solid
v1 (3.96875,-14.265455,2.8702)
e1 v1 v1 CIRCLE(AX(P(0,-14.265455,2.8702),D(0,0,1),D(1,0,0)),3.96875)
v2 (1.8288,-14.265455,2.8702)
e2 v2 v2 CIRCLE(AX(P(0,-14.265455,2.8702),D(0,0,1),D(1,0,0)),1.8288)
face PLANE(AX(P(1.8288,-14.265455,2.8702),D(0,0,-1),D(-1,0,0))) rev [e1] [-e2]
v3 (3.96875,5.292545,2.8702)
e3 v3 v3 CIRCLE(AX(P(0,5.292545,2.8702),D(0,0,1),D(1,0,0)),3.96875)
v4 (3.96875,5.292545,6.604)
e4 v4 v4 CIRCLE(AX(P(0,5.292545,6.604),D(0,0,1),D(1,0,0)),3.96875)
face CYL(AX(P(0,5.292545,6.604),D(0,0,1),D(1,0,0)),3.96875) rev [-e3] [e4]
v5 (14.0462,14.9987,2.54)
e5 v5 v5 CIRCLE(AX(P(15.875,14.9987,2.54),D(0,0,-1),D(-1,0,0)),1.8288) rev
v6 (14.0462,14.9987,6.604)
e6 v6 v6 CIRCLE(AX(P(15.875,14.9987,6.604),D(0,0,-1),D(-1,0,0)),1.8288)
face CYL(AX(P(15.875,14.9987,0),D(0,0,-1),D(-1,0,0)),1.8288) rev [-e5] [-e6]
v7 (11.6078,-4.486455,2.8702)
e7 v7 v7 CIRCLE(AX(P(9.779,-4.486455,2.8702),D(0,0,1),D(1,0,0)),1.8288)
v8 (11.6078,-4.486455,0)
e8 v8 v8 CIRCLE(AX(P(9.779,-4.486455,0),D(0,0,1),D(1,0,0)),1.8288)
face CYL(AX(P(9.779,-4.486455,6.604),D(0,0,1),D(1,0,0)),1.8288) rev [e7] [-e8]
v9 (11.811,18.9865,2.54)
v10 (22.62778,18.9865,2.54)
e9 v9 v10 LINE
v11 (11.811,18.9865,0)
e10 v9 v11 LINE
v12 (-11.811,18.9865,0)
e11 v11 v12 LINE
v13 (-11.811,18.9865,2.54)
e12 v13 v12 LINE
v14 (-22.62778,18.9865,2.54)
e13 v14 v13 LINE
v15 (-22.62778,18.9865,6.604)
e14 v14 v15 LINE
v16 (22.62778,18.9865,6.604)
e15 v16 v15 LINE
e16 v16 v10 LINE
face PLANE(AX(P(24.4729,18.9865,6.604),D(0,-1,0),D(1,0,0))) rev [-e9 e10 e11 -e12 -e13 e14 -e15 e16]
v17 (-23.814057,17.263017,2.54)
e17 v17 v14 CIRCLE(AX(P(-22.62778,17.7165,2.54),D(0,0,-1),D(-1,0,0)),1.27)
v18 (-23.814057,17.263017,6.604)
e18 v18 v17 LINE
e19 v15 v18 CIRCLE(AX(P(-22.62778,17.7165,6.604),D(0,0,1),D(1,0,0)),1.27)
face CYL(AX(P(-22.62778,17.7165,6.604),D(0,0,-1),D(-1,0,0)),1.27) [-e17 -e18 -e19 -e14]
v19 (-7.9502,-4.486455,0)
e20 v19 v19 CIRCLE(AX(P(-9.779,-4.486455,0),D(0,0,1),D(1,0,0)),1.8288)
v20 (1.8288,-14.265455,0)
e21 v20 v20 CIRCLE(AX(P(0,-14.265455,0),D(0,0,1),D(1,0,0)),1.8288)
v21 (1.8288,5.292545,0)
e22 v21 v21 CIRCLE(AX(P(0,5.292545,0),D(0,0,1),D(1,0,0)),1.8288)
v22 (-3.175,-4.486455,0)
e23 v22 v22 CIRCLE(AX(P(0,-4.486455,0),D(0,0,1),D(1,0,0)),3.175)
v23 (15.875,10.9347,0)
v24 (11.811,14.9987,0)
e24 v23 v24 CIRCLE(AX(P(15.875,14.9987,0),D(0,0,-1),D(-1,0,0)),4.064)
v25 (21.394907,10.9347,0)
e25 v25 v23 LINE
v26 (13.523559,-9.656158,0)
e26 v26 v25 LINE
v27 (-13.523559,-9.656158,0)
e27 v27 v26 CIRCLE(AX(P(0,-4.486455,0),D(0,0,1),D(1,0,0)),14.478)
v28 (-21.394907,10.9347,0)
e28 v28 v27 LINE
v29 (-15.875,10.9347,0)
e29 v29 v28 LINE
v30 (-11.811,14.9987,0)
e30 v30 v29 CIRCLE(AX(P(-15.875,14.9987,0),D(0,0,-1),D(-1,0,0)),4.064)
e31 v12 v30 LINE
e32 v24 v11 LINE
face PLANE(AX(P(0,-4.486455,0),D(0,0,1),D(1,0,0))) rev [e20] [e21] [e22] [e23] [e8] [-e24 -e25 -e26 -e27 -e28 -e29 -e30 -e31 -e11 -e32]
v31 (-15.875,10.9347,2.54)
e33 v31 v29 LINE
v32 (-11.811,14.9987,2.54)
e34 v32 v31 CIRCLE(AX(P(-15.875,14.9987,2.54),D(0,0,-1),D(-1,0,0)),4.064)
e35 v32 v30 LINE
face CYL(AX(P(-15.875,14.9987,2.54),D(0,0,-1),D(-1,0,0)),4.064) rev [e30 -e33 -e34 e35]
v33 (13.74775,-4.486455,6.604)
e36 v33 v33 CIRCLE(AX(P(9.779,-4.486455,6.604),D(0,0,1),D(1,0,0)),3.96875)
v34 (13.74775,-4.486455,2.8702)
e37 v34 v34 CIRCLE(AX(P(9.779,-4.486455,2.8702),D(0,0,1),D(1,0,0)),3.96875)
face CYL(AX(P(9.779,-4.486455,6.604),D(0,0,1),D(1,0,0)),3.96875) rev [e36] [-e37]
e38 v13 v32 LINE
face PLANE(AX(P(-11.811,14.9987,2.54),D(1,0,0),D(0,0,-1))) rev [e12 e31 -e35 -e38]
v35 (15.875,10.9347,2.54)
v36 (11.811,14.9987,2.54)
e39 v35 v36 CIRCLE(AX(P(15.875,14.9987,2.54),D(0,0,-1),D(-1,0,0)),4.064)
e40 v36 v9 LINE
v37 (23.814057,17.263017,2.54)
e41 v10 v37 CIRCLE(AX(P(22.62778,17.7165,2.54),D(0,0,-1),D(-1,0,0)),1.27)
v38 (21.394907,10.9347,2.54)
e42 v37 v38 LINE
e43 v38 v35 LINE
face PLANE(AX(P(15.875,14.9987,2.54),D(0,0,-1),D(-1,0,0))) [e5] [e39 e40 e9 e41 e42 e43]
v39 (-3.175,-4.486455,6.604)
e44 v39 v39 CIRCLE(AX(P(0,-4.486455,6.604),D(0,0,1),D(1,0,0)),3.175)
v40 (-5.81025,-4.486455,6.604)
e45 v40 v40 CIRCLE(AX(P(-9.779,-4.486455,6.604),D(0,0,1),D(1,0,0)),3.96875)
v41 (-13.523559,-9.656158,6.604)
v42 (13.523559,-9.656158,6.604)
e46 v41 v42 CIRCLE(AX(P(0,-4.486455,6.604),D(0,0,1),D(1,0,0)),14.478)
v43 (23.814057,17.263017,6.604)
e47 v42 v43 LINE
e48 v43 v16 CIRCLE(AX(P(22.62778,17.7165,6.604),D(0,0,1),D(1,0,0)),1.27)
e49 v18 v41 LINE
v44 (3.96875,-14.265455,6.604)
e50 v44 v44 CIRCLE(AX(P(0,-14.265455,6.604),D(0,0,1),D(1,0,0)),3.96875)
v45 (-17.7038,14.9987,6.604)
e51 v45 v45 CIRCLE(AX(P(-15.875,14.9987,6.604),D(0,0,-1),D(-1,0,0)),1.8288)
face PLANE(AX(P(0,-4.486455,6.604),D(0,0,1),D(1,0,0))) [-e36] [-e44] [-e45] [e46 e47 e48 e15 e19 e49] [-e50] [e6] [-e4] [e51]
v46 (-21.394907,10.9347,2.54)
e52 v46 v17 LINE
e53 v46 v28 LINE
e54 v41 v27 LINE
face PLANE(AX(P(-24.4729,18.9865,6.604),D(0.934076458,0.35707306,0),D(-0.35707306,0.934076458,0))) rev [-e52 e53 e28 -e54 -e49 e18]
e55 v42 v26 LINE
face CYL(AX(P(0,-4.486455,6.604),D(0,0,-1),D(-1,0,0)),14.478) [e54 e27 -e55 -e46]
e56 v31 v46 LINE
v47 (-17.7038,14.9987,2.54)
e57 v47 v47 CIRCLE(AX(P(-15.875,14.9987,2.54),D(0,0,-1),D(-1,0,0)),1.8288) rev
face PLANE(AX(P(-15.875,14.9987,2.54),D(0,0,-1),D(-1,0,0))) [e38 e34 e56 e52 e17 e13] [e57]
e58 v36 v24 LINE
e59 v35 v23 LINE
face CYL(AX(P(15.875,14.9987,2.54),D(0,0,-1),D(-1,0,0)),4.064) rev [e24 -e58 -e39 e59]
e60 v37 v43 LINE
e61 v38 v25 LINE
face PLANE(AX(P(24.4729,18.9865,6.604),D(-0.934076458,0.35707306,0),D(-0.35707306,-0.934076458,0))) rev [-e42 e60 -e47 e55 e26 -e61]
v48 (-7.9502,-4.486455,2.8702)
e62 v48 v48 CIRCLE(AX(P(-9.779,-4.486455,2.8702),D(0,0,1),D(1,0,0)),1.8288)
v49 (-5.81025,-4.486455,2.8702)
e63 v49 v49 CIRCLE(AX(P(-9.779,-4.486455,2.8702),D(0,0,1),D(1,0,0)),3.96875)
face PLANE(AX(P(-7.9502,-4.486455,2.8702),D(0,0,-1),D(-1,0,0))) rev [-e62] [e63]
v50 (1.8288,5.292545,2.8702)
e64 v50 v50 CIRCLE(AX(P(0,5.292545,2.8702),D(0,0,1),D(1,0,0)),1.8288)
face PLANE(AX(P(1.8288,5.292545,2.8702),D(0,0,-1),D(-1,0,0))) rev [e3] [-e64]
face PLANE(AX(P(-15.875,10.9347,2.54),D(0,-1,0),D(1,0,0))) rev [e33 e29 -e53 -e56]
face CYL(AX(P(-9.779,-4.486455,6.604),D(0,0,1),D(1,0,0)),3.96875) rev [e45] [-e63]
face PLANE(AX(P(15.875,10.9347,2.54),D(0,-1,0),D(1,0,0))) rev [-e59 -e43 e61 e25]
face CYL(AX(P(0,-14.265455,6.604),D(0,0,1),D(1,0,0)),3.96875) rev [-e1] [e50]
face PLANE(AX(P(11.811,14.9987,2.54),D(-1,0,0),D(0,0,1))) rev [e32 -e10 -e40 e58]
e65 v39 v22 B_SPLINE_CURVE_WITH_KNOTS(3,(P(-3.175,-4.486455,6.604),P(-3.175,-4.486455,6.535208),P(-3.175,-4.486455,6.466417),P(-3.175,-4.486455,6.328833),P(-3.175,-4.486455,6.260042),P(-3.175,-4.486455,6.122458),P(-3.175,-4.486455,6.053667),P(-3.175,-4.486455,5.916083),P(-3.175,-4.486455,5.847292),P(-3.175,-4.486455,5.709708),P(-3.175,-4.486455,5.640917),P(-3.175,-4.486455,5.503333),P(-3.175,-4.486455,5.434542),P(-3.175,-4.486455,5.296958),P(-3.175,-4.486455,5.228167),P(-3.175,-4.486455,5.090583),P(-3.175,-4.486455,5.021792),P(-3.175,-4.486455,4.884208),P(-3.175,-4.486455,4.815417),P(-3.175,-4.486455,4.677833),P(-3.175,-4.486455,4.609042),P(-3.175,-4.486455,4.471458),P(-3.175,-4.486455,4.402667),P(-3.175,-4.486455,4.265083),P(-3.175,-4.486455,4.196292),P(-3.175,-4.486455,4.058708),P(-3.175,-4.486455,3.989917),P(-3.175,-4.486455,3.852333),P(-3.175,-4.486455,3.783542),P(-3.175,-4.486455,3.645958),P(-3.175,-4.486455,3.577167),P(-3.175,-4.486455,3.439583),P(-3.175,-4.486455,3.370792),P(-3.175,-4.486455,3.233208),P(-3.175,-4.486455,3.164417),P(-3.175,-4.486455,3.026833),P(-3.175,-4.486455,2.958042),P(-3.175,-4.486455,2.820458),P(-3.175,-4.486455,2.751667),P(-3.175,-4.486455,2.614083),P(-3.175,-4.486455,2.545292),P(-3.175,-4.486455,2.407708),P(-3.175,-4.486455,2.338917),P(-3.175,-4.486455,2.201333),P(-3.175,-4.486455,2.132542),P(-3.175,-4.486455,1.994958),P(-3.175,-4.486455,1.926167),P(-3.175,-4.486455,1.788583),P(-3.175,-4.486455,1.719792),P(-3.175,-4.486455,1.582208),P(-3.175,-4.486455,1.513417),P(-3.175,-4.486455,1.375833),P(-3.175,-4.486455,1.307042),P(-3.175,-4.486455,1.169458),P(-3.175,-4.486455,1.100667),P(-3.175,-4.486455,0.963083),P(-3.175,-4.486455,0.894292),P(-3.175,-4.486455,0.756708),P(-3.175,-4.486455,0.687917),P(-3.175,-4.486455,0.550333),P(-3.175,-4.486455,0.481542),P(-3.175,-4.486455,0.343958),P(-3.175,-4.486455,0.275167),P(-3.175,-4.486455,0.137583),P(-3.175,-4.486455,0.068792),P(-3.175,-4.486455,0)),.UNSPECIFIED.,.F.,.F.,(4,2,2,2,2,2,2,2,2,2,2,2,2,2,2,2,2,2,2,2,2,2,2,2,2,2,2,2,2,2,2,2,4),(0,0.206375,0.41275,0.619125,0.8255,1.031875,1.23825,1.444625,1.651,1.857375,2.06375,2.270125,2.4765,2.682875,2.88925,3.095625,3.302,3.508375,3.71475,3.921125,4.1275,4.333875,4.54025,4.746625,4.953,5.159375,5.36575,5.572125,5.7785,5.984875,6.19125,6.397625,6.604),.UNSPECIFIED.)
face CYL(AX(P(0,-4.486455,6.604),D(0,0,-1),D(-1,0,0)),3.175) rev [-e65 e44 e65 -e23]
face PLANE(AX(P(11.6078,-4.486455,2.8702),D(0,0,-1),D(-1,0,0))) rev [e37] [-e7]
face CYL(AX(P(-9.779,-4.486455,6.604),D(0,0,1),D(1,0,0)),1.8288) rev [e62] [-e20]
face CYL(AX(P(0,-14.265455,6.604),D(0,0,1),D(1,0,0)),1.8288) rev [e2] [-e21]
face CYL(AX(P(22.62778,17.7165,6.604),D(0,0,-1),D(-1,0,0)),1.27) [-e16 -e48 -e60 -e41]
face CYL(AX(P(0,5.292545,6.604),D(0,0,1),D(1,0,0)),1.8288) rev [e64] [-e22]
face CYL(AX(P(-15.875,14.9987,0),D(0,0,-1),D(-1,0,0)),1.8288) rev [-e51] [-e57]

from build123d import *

# Parameters (mm, degrees)
SKETCH2_R                                           = 3.175
BOSS_EXTRUDE1_DEPTH                                 = 6.604
CBORE_FOR_6_BINDING_HEAD_MACHINE_SCREW1_D           = 3.6576
CBORE_FOR_6_BINDING_HEAD_MACHINE_SCREW1_CBORE_D     = 7.9375
CBORE_FOR_6_BINDING_HEAD_MACHINE_SCREW1_CBORE_DEPTH = 3.7338
F_6_CLEARANCE_HOLE1_D                               = 3.6576
CUT_EXTRUDE1_DEPTH                                  = 2.54
FILLET1_R                                           = 1.27


with BuildPart() as part:
    # Sketch2 → Boss-Extrude1 (new body)
    with BuildSketch(Plane.XY):
        with BuildLine():
            Line((24.4729, 18.9865), (13.523558965, -9.656158478))
            ThreePointArc((13.523558965, -9.656158478), (0, -18.964454722), (-13.523558965, -9.656158478))
            Line((-13.523558965, -9.656158478), (-24.4729, 18.9865))
            Line((-24.4729, 18.9865), (24.4729, 18.9865))
        make_face()
        with Locations(Location((0, -4.486454722, 0), (0, 0, 180))):
            Circle(SKETCH2_R, mode=Mode.SUBTRACT)
    extrude(amount=BOSS_EXTRUDE1_DEPTH)

    # CBORE for #6 Binding Head Machine Screw1 (through all)
    with Locations(Plane.XY.offset(6.604)):
        with Locations((0, -14.265454722), (0, 5.292545278), (9.779, -4.486454722), (-9.779, -4.486454722)):
            CounterBoreHole(CBORE_FOR_6_BINDING_HEAD_MACHINE_SCREW1_D / 2, CBORE_FOR_6_BINDING_HEAD_MACHINE_SCREW1_CBORE_D / 2, CBORE_FOR_6_BINDING_HEAD_MACHINE_SCREW1_CBORE_DEPTH)

    # #6 Clearance Hole1 (through all)
    with Locations(Plane(origin=(0, 0, 0), x_dir=(-1, 0, 0), z_dir=(0, 0, -1))):
        with Locations((15.875, 14.9987), (-15.875, 14.9987)):
            Hole(F_6_CLEARANCE_HOLE1_D / 2)

    # Sketch9 → Cut-Extrude1 (cut)
    with BuildSketch(Plane(origin=(0, 0, 0), x_dir=(-1, 0, 0), z_dir=(0, 0, -1))):
        with BuildLine():
            Line((-11.811, 14.9987), (-11.811, 18.9865))
            Line((-11.811, 18.9865), (-24.4729, 18.9865))
            Line((-24.4729, 18.9865), (-21.394906935, 10.9347))
            Line((-21.394906935, 10.9347), (-15.875, 10.9347))
            ThreePointArc((-15.875, 10.9347), (-13.001318041, 12.125018041), (-11.811, 14.9987))
        make_face()
        with BuildLine():
            Line((11.811, 14.9987), (11.811, 18.9865))
            Line((11.811, 18.9865), (24.4729, 18.9865))
            Line((24.4729, 18.9865), (21.394906935, 10.9347))
            Line((21.394906935, 10.9347), (15.875, 10.9347))
            ThreePointArc((15.875, 10.9347), (13.001318041, 12.125018041), (11.811, 14.9987))
        make_face()
    extrude(amount=-CUT_EXTRUDE1_DEPTH, mode=Mode.SUBTRACT)

    # Fillet1
    fillet1_edges = [part.edges().sort_by_distance(p)[0] for p in [
        (24.4729, 18.9865, 4.572),
        (-24.4729, 18.9865, 4.572),
    ]]
    fillet(fillet1_edges, radius=FILLET1_R)


solid = part.part
